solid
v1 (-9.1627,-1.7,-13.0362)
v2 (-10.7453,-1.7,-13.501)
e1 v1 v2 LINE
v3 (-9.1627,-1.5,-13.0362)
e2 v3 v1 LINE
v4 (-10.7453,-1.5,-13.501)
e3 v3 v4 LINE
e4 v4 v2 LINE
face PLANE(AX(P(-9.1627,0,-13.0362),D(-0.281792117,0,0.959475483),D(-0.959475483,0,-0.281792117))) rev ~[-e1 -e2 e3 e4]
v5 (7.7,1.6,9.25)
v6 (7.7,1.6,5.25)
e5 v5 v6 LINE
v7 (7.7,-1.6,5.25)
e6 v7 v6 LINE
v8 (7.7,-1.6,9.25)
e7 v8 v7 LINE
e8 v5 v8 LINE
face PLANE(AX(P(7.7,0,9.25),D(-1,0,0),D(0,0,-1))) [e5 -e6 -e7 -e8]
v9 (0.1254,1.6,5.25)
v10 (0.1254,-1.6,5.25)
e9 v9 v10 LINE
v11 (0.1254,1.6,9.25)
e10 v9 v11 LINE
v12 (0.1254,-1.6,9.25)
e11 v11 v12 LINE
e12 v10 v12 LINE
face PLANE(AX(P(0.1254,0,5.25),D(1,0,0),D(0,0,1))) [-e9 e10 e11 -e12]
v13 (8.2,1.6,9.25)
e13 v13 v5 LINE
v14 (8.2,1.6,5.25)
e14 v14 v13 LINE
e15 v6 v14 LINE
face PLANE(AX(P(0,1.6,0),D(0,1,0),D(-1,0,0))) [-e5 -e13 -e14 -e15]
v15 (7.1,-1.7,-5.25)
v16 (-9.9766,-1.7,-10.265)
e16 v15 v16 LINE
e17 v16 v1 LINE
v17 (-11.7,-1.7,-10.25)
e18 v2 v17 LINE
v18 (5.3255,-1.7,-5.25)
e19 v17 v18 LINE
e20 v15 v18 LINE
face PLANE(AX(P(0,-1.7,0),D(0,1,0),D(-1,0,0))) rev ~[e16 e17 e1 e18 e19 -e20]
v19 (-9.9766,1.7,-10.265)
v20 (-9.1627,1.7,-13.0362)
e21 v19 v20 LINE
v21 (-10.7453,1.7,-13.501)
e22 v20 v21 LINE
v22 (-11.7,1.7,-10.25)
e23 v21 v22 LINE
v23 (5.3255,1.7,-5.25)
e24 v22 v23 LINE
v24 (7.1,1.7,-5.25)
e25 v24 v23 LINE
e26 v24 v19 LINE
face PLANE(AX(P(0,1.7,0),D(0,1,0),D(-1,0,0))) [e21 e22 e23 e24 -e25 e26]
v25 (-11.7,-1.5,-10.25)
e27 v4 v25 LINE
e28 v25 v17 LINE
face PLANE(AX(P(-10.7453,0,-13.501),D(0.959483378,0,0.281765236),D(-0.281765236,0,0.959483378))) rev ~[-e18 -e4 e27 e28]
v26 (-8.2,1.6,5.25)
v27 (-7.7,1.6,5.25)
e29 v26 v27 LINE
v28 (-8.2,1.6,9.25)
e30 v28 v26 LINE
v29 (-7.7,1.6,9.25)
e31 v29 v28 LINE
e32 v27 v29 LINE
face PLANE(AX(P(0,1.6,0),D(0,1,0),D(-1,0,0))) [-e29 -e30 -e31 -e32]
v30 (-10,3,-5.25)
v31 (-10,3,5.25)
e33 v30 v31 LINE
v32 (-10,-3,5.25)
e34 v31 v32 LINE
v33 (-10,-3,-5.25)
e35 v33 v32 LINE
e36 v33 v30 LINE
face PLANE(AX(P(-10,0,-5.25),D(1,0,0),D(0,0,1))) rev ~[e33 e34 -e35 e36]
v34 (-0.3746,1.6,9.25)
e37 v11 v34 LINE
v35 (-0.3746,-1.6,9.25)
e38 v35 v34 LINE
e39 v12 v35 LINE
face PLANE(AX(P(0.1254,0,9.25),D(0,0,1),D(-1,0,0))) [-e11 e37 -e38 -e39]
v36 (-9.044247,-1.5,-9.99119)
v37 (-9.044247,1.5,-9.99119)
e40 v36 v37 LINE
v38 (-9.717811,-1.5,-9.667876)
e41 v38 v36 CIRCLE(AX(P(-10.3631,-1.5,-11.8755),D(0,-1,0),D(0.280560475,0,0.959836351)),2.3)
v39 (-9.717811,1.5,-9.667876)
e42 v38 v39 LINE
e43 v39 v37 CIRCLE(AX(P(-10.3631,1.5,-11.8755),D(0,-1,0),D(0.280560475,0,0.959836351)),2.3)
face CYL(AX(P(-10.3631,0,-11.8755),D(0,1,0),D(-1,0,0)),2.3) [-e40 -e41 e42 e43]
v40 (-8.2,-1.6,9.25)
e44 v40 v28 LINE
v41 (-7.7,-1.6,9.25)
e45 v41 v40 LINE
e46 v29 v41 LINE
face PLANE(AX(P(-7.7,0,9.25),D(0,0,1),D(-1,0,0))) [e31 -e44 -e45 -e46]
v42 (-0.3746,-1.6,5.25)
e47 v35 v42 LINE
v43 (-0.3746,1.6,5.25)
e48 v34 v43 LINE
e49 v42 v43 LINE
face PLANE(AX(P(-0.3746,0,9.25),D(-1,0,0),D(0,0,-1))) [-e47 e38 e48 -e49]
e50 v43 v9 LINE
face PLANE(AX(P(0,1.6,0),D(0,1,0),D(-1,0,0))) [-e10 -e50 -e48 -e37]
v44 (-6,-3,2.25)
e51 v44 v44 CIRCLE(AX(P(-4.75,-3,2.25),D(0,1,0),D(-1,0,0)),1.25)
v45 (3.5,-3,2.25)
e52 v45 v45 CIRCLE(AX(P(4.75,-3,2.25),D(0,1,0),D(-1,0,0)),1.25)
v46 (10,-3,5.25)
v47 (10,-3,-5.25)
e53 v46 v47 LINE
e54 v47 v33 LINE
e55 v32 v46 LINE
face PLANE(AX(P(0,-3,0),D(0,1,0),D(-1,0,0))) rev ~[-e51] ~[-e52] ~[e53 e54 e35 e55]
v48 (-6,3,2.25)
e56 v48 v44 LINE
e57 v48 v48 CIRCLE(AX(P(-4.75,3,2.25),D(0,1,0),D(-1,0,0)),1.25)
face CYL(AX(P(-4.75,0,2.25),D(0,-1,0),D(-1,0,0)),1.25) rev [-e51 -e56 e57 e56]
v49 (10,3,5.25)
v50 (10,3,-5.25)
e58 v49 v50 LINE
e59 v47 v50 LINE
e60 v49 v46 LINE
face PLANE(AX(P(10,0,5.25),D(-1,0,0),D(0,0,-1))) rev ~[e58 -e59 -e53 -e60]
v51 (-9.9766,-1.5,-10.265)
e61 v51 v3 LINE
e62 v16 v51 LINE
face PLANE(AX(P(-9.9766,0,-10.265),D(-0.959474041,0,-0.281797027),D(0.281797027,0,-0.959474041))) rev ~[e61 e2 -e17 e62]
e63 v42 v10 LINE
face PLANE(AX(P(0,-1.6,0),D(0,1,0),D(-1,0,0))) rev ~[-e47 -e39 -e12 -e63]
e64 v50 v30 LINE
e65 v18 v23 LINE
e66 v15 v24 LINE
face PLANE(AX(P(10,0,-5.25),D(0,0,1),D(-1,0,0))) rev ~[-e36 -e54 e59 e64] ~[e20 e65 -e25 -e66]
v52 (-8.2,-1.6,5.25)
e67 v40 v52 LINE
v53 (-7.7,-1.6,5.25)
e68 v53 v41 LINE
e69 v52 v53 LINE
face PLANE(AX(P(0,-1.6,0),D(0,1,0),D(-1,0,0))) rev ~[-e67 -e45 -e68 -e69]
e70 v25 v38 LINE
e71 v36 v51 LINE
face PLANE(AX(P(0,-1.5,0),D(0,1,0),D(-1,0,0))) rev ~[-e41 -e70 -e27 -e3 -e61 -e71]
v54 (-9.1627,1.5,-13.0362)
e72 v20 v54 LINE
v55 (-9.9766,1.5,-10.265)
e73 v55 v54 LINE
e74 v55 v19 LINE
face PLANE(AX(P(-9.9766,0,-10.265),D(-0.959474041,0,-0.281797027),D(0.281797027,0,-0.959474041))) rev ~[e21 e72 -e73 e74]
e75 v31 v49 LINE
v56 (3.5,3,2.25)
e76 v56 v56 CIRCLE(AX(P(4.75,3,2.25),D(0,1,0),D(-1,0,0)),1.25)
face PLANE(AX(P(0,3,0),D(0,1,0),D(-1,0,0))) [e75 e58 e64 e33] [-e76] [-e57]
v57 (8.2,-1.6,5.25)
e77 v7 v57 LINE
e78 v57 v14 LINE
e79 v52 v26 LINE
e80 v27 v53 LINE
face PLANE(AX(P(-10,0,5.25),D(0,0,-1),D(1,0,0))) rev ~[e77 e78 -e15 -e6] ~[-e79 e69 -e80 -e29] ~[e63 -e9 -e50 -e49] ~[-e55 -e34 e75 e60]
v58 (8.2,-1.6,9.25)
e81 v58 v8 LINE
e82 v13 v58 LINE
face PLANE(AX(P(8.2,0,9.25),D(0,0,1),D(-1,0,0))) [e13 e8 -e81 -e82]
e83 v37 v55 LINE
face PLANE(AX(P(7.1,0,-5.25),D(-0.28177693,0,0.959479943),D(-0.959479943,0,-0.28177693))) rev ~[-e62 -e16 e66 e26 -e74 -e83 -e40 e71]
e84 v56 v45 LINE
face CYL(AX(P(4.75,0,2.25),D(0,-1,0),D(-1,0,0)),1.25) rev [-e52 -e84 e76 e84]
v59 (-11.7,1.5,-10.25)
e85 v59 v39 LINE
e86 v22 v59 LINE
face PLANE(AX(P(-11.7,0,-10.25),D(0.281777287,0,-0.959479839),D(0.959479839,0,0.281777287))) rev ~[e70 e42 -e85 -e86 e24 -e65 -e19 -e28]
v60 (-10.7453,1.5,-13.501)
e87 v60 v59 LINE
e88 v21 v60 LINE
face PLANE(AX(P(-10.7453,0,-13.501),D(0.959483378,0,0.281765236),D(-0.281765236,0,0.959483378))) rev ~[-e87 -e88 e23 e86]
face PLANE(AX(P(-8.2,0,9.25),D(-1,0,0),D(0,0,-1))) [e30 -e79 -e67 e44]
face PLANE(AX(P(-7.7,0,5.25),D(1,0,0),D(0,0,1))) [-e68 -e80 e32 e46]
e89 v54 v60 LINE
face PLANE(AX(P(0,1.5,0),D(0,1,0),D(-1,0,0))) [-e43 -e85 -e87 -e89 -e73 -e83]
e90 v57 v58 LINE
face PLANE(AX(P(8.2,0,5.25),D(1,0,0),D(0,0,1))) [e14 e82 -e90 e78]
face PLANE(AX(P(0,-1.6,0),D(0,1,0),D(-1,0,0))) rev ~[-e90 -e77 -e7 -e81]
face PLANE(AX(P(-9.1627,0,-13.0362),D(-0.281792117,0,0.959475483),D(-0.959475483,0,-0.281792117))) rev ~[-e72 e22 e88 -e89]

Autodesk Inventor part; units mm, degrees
ref_plane "YZ Plane" through (0, 0, 0) normal (1, 0, 0) x (0, 1, 0)
ref_plane "XZ Plane" through (0, 0, 0) normal (0, 1, 0) x (-1, 0, 0)
ref_plane "XY Plane" through (0, 0, 0) normal (0, 0, 1) x (1, 0, 0)
sketch "Skizze1" plane through (0, 0, 0) normal (0, 1, 0) x (-1, 0, 0)
  line L0 (-10, -5.25) -> (10, -5.25)
  line L1 (10, -5.25) -> (10, 5.25)
  line L2 (10, 5.25) -> (-10, 5.25)
  line L3 (-10, 5.25) -> (-10, -5.25)
  line L4 (-10, -5.25) -> (10, 5.25) construction
  line L5 (10, -5.25) -> (-10, 5.25) construction
  circle A0 centre (4.75, 2.25) radius 1.25
  circle A1 centre (-4.75, 2.25) radius 1.25
  point P0 (0, 0)
  dimension "d0" = 20
  dimension "d1" = 10.5
  dimension "d4" = 2.5
  dimension "d5" = 2.5
  dimension "d6" = 4.75
  dimension "d7" = 3
  dimension "d8" = 3
  dimension "d9" = 4.75
extrude "Extrusion1" add sketch "Skizze1" along normal mid plane 6
sketch "Skizze2" plane through (0, 0, 0) normal (0, 1, 0) x (-1, 0, 0)
  line L0 (10, -5.25) -> (10, 5.25) projected
  line L1 (10, 5.25) -> (-10, 5.25) projected
  line L2 (-10, 5.25) -> (-10, -5.25) projected
  line L3 (-10, -5.25) -> (10, -5.25) projected
  circle A0 centre (4.75, 2.25) radius 1.25 projected
  circle A1 centre (-4.75, 2.25) radius 1.25 projected
  line L4 (10, 5.25) -> (-10, 5.25) projected
  line L5 (8.2, 5.25) -> (7.7, 5.25)
  line L6 (7.7, 5.25) -> (7.7, 9.25)
  line L7 (7.7, 9.25) -> (8.2, 9.25)
  line L8 (8.2, 9.25) -> (8.2, 5.25)
  line L9 (0.3746, 5.25) -> (-0.1254, 5.25)
  line L10 (-0.1254, 5.25) -> (-0.1254, 9.25)
  line L11 (-0.1254, 9.25) -> (0.3746, 9.25)
  line L12 (0.3746, 9.25) -> (0.3746, 5.25)
  line L13 (-7.7, 5.25) -> (-8.2, 5.25)
  line L14 (-8.2, 5.25) -> (-8.2, 9.25)
  line L15 (-8.2, 9.25) -> (-7.7, 9.25)
  line L16 (-7.7, 9.25) -> (-7.7, 5.25)
  point P0 (0, 0)
  dimension "d10" = 0.5
  dimension "d11" = 4
  dimension "d12" = 1.8
  dimension "d13" = 1.8
  dimension "d14" = 0.5
  dimension "d15" = 0.5
extrude "Extrusion2" add sketch "Skizze2" along normal mid plane 3.2 contours L1 L6 L7 L8 | L14 L15 L16 L1 | L1 L10 L11 L12
sketch "Skizze3" plane through (0, 0, 0) normal (0, 1, 0) x (-1, 0, 0)
  line L0 (10, -5.25) -> (10, 5.25) projected
  line L1 (10, 5.25) -> (-10, 5.25) projected
  line L2 (-10, 5.25) -> (-10, -5.25) projected
  line L3 (-10, -5.25) -> (10, -5.25) projected
  circle A0 centre (4.75, 2.25) radius 1.25 projected
  circle A1 centre (-4.75, 2.25) radius 1.25 projected
  line L4 (10, -5.25) -> (-10, -5.25) projected
  line L5 (-7.1, -5.25) -> (9.9766, -10.265)
  line L6 (9.9766, -10.265) -> (9.1627, -13.0362)
  line L7 (9.1627, -13.0362) -> (10.7453, -13.501)
  line L8 (10.7453, -13.501) -> (11.7, -10.25)
  line L9 (11.7, -10.25) -> (-5.3255, -5.25)
  point P0 (0, 0)
  dimension "d18" = 2.9
  dimension "d19" = 0.5
  dimension "d20" = 1.7
  dimension "d21" = 5
extrude "Extrusion3" add sketch "Skizze3" along normal mid plane 3.4 contours L9 L8 L7 L6 L5 L3
sketch "Skizze4" plane through (0, 0, 0) normal (0, 1, 0) x (-1, 0, 0)
  line L0 (11.7, -10.25) -> (-5.3255, -5.25) projected
  line L1 (-7.1, -5.25) -> (-5.3255, -5.25) projected
  line L2 (-7.1, -5.25) -> (9.9766, -10.265) projected
  line L3 (9.9766, -10.265) -> (9.1627, -13.0362) projected
  line L4 (9.1627, -13.0362) -> (10.7453, -13.501) projected
  line L5 (10.7453, -13.501) -> (11.7, -10.25) projected
  circle A0 centre (10.3631, -11.8755) radius 2.3
  point P0 (0, 0)
  dimension "d24" = 4.6
extrude "Extrusion4" add sketch "Skizze4" along normal mid plane 3 contours L5 L4 L3 L2 A0 L0 | L0 A0 L2 L3 L4 L5
properties part number "00_Endstop_mechanical_vuniversum_microswitch_roll"
